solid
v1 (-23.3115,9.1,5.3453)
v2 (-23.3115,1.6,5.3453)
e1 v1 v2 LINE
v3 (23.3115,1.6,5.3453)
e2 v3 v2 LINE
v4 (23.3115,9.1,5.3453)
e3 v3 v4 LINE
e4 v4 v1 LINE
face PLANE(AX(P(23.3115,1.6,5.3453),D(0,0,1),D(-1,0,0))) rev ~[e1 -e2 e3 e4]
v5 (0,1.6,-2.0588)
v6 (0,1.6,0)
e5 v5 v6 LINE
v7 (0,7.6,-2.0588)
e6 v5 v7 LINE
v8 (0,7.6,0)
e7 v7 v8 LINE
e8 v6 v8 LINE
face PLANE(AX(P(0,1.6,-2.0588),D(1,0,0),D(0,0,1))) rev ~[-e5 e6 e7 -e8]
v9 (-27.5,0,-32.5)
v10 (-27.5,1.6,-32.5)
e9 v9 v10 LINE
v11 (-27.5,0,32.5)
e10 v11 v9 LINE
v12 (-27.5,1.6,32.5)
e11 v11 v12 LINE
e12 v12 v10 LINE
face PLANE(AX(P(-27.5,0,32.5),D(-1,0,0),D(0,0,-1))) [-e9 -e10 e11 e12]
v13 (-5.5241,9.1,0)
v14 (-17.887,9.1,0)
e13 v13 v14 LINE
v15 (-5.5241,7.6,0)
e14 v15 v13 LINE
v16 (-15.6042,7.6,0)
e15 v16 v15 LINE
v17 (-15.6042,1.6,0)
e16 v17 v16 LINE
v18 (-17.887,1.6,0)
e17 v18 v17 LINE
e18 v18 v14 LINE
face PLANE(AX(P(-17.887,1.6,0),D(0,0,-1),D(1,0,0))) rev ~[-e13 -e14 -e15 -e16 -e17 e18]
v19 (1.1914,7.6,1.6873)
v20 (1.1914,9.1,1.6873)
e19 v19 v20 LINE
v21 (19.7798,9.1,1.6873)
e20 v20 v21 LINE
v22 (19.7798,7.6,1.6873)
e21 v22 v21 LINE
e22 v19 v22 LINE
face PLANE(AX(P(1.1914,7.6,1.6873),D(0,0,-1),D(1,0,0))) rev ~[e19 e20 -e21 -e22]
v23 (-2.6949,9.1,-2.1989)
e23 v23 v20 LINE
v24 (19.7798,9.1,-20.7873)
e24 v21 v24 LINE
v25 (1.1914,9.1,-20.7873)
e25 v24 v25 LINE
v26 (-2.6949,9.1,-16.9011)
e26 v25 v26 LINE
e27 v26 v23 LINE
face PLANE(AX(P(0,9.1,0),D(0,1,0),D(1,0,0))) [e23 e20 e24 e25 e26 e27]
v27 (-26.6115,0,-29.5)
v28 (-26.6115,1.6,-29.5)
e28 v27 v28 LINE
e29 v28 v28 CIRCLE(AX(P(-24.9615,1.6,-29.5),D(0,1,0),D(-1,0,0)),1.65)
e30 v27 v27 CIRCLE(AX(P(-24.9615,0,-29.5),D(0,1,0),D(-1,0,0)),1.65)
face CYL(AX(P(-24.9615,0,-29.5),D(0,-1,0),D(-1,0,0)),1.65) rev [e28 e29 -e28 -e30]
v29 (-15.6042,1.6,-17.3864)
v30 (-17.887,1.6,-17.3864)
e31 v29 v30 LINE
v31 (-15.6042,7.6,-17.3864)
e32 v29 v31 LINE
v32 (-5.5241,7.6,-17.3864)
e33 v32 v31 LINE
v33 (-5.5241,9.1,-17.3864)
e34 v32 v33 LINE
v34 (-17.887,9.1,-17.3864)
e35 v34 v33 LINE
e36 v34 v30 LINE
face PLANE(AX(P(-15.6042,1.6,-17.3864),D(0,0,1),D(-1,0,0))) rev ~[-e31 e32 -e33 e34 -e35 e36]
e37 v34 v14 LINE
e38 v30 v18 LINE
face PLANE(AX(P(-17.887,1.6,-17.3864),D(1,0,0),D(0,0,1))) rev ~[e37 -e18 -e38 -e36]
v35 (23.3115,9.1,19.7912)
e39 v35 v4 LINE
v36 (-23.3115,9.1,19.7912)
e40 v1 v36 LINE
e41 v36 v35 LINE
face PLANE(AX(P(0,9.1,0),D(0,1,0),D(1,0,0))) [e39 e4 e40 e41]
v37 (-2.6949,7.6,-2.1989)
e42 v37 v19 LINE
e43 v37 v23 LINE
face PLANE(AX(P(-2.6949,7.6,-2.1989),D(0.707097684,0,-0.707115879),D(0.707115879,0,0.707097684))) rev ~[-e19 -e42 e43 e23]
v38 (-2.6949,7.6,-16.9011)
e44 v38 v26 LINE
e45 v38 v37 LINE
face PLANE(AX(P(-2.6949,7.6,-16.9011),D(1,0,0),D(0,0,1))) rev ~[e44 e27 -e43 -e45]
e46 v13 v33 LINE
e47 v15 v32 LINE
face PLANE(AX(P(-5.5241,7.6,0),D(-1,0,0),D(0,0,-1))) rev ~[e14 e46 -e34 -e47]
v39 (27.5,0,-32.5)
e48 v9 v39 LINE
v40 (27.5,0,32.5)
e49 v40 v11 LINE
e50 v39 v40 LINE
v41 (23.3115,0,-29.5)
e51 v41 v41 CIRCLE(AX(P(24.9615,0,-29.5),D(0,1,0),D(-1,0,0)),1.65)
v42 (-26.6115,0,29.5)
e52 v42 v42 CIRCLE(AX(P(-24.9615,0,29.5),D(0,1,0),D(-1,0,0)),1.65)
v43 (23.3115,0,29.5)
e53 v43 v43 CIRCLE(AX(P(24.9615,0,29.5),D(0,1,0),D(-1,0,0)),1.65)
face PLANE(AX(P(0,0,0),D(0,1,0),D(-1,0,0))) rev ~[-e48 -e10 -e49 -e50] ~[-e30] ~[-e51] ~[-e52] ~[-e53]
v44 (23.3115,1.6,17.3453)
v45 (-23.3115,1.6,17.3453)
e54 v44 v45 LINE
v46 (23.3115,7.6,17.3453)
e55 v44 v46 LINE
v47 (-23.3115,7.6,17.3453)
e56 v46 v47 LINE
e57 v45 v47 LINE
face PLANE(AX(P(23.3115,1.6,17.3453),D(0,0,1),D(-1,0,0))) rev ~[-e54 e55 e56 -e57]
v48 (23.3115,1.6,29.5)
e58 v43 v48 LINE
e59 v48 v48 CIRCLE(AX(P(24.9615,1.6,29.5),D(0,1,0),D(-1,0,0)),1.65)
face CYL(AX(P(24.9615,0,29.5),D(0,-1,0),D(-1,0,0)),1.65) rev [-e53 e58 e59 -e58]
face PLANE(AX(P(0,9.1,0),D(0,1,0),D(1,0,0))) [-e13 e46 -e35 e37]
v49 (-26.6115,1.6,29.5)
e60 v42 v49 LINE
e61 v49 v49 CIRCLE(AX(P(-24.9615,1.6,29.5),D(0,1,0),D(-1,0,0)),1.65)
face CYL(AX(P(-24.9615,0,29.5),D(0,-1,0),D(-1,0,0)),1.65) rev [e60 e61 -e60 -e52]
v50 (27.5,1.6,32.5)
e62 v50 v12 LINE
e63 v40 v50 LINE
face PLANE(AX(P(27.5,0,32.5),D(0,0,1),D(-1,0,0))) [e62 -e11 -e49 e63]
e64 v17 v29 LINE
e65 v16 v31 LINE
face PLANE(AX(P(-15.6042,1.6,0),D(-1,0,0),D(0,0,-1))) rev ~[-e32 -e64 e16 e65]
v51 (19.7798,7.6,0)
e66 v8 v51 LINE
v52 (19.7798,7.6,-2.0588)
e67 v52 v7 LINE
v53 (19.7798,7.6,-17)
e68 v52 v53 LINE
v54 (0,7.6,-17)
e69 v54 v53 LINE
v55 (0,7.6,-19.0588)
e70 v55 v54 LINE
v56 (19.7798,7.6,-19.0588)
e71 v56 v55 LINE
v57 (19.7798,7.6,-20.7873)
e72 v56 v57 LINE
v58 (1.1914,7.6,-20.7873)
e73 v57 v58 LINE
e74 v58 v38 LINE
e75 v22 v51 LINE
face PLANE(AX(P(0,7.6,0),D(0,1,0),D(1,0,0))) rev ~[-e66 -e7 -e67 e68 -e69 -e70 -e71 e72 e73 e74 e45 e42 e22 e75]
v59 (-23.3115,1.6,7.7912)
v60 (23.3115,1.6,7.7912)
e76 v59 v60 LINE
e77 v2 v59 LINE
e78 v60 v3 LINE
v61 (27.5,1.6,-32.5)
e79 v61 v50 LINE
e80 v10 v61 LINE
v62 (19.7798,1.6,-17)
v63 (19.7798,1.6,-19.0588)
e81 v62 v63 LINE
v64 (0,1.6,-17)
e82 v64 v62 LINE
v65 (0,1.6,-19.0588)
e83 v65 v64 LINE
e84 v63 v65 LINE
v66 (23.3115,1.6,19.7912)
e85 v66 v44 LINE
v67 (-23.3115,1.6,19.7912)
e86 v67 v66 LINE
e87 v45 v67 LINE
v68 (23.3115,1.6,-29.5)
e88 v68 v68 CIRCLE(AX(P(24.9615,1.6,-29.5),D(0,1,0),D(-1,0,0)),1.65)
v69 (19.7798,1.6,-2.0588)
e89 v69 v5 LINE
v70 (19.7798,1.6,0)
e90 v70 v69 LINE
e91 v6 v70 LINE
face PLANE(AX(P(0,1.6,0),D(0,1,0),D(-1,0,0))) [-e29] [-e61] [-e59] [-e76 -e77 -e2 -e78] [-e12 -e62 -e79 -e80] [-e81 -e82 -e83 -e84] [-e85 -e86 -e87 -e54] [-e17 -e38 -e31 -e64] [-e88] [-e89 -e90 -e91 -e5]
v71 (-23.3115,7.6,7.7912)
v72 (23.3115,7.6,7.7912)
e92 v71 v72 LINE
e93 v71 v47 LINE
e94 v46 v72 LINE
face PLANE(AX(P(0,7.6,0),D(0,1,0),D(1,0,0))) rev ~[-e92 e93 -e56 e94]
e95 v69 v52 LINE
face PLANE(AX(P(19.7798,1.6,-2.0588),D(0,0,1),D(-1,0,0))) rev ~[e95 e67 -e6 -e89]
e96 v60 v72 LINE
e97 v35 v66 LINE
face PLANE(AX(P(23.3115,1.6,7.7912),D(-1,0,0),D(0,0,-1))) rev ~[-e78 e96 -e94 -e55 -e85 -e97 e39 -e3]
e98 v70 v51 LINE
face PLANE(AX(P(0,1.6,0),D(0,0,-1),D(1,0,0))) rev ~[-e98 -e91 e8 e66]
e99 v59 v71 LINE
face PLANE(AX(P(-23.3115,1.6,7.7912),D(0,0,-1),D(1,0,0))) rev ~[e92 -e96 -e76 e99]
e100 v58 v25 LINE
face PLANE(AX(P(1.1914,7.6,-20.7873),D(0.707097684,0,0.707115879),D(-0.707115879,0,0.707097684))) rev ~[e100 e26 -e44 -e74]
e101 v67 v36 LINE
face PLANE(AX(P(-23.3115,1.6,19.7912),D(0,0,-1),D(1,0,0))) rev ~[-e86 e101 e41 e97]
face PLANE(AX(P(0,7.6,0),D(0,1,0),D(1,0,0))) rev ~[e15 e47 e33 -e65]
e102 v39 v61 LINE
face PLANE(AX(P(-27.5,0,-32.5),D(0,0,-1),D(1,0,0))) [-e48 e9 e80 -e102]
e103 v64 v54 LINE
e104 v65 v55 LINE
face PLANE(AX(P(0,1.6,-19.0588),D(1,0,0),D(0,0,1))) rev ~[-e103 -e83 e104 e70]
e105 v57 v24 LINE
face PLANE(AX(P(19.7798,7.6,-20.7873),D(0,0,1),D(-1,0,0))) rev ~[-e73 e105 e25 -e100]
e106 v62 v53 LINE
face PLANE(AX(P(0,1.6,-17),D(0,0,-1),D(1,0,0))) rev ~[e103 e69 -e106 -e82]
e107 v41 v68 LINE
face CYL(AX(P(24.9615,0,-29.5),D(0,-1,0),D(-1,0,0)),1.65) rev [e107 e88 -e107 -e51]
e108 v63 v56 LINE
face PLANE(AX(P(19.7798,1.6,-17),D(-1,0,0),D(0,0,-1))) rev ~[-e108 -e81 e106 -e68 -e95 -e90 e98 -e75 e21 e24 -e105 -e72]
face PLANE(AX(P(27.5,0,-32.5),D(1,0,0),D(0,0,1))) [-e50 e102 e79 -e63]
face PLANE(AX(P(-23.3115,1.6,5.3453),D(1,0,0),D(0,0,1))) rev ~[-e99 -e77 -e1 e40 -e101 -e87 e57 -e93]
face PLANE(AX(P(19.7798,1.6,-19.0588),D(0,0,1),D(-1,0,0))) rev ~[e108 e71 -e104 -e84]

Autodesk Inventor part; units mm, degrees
ref_plane "YZ Plane" through (0, 0, 0) normal (1, 0, 0) x (0, 1, 0)
ref_plane "XZ Plane" through (0, 0, 0) normal (0, 1, 0) x (-1, 0, 0)
ref_plane "XY Plane" through (0, 0, 0) normal (0, 0, 1) x (1, 0, 0)
sketch "Esquisse1" plane through (0, 0, 0) normal (0, 1, 0) x (-1, 0, 0)
  line L0 (-27.5, 32.5) -> (27.5, 32.5)
  line L1 (27.5, 32.5) -> (27.5, -32.5)
  line L2 (27.5, -32.5) -> (-27.5, -32.5)
  line L3 (-27.5, -32.5) -> (-27.5, 32.5)
  line L4 (-27.5, 32.5) -> (27.5, -32.5) construction
  line L5 (27.5, 32.5) -> (-27.5, -32.5) construction
  line L6 (-24.9615, 29.5) -> (24.9615, 29.5) construction
  line L7 (24.9615, 29.5) -> (24.9615, -29.5) construction
  line L8 (24.9615, -29.5) -> (-24.9615, -29.5) construction
  line L9 (-24.9615, -29.5) -> (-24.9615, 29.5) construction
  line L10 (-24.9615, 29.5) -> (24.9615, -29.5) construction
  line L11 (24.9615, 29.5) -> (-24.9615, -29.5) construction
  circle A0 centre (24.9615, 29.5) radius 1.65
  circle A1 centre (-24.9615, 29.5) radius 1.65
  circle A2 centre (-24.9615, -29.5) radius 1.65
  circle A3 centre (24.9615, -29.5) radius 1.65
  point P0 (0, 0)
  dimension "d0" = 65
  dimension "d1" = 55
  dimension "d3" = 3.3
  dimension "d6" = 3
extrude "Extrusion1" add sketch "Esquisse1" along normal blind 1.6
sketch "Esquisse2" plane through (0, 1.6, 0) normal (0, 1, 0) x (1, 0, 0)
  circle A0 centre (-24.9615, 29.5) radius 1.65 construction
  circle A1 centre (24.9615, 29.5) radius 1.65 construction
  circle A2 centre (24.9615, -29.5) radius 1.65 construction
  circle A3 centre (-24.9615, -29.5) radius 1.65 construction
  line L0 (-27.5, -32.5) -> (27.5, -32.5) construction
  line L1 (27.5, -32.5) -> (27.5, 32.5) construction
  line L2 (27.5, 32.5) -> (-27.5, 32.5) construction
  line L3 (-27.5, 32.5) -> (-27.5, -32.5) construction
  line L4 (-23.3115, -19.7912) -> (23.3115, -19.7912)
  line L5 (23.3115, -19.7912) -> (23.3115, -17.3453)
  line L6 (23.3115, -17.3453) -> (-23.3115, -17.3453)
  line L7 (-23.3115, -17.3453) -> (-23.3115, -19.7912)
  line L8 (-23.3115, -7.7912) -> (23.3115, -7.7912)
  line L9 (23.3115, -7.7912) -> (23.3115, -5.3453)
  line L10 (23.3115, -5.3453) -> (-23.3115, -5.3453)
  line L11 (-23.3115, -5.3453) -> (-23.3115, -7.7912)
  line L12 (-17.887, 0) -> (-15.6042, 0)
  line L13 (-15.6042, 0) -> (-15.6042, 17.3864)
  line L14 (-15.6042, 17.3864) -> (-17.887, 17.3864)
  line L15 (-17.887, 17.3864) -> (-17.887, 0)
  line L16 (0, 0) -> (19.7798, 0)
  line L17 (19.7798, 0) -> (19.7798, 2.0588)
  line L18 (19.7798, 2.0588) -> (0, 2.0588)
  line L19 (0, 2.0588) -> (0, 0)
  line L20 (0, 17) -> (19.7798, 17)
  line L21 (19.7798, 17) -> (19.7798, 19.0588)
  line L22 (19.7798, 19.0588) -> (0, 19.0588)
  line L23 (0, 19.0588) -> (0, 17)
  dimension "d9" = 12
  dimension "d16" = 17
extrude "Extrusion2" add sketch "Esquisse2" along normal blind 6
sketch "Esquisse3" plane through (0, 7.6, 0) normal (0, 1, 0) x (1, 0, 0)
  line L0 (-23.3115, -7.7912) -> (23.3115, -7.7912) construction
  line L1 (23.3115, -7.7912) -> (23.3115, -5.3453) construction
  line L2 (23.3115, -5.3453) -> (-23.3115, -5.3453) construction
  line L3 (-23.3115, -5.3453) -> (-23.3115, -7.7912) construction
  line L4 (-23.3115, -19.7912) -> (23.3115, -19.7912) construction
  line L5 (23.3115, -19.7912) -> (23.3115, -17.3453) construction
  line L6 (23.3115, -17.3453) -> (-23.3115, -17.3453) construction
  line L7 (-23.3115, -17.3453) -> (-23.3115, -19.7912) construction
  line L8 (0, 0) -> (19.7798, 0) construction
  line L9 (19.7798, 0) -> (19.7798, 2.0588) construction
  line L10 (19.7798, 2.0588) -> (0, 2.0588) construction
  line L11 (0, 2.0588) -> (0, 0) construction
  line L12 (0, 17) -> (19.7798, 17) construction
  line L13 (19.7798, 17) -> (19.7798, 19.0588) construction
  line L14 (19.7798, 19.0588) -> (0, 19.0588) construction
  line L15 (0, 19.0588) -> (0, 17) construction
  line L16 (-17.887, 0) -> (-15.6042, 0) projected
  line L17 (-15.6042, 0) -> (-15.6042, 17.3864) projected
  line L18 (-15.6042, 17.3864) -> (-17.887, 17.3864) projected
  line L19 (-17.887, 17.3864) -> (-17.887, 0) projected
  line L20 (-23.3115, -19.7912) -> (23.3115, -19.7912)
  line L21 (23.3115, -19.7912) -> (23.3115, -5.3453)
  line L22 (23.3115, -5.3453) -> (-23.3115, -5.3453)
  line L23 (-23.3115, -5.3453) -> (-23.3115, -19.7912)
  line L24 (19.7798, -1.6873) -> (19.7798, 20.7873)
  line L25 (19.7798, 20.7873) -> (1.1914, 20.7873)
  line L26 (1.1914, 20.7873) -> (-2.6949, 16.9011)
  line L27 (-2.6949, 16.9011) -> (-2.6949, 2.1989)
  line L28 (-2.6949, 2.1989) -> (1.1914, -1.6873)
  line L29 (1.1914, -1.6873) -> (19.7798, -1.6873)
  line L30 (1.1914, 20.7873) -> (1.1914, -1.6873) construction
  line L31 (-17.887, 0) -> (-5.5241, 0)
  line L32 (-5.5241, 0) -> (-5.5241, 17.3864)
  line L33 (-5.5241, 17.3864) -> (-17.887, 17.3864)
  line L34 (-17.887, 17.3864) -> (-17.887, 0)
extrude "Extrusion3" add sketch "Esquisse3" along normal blind 1.5
properties part number "board"
